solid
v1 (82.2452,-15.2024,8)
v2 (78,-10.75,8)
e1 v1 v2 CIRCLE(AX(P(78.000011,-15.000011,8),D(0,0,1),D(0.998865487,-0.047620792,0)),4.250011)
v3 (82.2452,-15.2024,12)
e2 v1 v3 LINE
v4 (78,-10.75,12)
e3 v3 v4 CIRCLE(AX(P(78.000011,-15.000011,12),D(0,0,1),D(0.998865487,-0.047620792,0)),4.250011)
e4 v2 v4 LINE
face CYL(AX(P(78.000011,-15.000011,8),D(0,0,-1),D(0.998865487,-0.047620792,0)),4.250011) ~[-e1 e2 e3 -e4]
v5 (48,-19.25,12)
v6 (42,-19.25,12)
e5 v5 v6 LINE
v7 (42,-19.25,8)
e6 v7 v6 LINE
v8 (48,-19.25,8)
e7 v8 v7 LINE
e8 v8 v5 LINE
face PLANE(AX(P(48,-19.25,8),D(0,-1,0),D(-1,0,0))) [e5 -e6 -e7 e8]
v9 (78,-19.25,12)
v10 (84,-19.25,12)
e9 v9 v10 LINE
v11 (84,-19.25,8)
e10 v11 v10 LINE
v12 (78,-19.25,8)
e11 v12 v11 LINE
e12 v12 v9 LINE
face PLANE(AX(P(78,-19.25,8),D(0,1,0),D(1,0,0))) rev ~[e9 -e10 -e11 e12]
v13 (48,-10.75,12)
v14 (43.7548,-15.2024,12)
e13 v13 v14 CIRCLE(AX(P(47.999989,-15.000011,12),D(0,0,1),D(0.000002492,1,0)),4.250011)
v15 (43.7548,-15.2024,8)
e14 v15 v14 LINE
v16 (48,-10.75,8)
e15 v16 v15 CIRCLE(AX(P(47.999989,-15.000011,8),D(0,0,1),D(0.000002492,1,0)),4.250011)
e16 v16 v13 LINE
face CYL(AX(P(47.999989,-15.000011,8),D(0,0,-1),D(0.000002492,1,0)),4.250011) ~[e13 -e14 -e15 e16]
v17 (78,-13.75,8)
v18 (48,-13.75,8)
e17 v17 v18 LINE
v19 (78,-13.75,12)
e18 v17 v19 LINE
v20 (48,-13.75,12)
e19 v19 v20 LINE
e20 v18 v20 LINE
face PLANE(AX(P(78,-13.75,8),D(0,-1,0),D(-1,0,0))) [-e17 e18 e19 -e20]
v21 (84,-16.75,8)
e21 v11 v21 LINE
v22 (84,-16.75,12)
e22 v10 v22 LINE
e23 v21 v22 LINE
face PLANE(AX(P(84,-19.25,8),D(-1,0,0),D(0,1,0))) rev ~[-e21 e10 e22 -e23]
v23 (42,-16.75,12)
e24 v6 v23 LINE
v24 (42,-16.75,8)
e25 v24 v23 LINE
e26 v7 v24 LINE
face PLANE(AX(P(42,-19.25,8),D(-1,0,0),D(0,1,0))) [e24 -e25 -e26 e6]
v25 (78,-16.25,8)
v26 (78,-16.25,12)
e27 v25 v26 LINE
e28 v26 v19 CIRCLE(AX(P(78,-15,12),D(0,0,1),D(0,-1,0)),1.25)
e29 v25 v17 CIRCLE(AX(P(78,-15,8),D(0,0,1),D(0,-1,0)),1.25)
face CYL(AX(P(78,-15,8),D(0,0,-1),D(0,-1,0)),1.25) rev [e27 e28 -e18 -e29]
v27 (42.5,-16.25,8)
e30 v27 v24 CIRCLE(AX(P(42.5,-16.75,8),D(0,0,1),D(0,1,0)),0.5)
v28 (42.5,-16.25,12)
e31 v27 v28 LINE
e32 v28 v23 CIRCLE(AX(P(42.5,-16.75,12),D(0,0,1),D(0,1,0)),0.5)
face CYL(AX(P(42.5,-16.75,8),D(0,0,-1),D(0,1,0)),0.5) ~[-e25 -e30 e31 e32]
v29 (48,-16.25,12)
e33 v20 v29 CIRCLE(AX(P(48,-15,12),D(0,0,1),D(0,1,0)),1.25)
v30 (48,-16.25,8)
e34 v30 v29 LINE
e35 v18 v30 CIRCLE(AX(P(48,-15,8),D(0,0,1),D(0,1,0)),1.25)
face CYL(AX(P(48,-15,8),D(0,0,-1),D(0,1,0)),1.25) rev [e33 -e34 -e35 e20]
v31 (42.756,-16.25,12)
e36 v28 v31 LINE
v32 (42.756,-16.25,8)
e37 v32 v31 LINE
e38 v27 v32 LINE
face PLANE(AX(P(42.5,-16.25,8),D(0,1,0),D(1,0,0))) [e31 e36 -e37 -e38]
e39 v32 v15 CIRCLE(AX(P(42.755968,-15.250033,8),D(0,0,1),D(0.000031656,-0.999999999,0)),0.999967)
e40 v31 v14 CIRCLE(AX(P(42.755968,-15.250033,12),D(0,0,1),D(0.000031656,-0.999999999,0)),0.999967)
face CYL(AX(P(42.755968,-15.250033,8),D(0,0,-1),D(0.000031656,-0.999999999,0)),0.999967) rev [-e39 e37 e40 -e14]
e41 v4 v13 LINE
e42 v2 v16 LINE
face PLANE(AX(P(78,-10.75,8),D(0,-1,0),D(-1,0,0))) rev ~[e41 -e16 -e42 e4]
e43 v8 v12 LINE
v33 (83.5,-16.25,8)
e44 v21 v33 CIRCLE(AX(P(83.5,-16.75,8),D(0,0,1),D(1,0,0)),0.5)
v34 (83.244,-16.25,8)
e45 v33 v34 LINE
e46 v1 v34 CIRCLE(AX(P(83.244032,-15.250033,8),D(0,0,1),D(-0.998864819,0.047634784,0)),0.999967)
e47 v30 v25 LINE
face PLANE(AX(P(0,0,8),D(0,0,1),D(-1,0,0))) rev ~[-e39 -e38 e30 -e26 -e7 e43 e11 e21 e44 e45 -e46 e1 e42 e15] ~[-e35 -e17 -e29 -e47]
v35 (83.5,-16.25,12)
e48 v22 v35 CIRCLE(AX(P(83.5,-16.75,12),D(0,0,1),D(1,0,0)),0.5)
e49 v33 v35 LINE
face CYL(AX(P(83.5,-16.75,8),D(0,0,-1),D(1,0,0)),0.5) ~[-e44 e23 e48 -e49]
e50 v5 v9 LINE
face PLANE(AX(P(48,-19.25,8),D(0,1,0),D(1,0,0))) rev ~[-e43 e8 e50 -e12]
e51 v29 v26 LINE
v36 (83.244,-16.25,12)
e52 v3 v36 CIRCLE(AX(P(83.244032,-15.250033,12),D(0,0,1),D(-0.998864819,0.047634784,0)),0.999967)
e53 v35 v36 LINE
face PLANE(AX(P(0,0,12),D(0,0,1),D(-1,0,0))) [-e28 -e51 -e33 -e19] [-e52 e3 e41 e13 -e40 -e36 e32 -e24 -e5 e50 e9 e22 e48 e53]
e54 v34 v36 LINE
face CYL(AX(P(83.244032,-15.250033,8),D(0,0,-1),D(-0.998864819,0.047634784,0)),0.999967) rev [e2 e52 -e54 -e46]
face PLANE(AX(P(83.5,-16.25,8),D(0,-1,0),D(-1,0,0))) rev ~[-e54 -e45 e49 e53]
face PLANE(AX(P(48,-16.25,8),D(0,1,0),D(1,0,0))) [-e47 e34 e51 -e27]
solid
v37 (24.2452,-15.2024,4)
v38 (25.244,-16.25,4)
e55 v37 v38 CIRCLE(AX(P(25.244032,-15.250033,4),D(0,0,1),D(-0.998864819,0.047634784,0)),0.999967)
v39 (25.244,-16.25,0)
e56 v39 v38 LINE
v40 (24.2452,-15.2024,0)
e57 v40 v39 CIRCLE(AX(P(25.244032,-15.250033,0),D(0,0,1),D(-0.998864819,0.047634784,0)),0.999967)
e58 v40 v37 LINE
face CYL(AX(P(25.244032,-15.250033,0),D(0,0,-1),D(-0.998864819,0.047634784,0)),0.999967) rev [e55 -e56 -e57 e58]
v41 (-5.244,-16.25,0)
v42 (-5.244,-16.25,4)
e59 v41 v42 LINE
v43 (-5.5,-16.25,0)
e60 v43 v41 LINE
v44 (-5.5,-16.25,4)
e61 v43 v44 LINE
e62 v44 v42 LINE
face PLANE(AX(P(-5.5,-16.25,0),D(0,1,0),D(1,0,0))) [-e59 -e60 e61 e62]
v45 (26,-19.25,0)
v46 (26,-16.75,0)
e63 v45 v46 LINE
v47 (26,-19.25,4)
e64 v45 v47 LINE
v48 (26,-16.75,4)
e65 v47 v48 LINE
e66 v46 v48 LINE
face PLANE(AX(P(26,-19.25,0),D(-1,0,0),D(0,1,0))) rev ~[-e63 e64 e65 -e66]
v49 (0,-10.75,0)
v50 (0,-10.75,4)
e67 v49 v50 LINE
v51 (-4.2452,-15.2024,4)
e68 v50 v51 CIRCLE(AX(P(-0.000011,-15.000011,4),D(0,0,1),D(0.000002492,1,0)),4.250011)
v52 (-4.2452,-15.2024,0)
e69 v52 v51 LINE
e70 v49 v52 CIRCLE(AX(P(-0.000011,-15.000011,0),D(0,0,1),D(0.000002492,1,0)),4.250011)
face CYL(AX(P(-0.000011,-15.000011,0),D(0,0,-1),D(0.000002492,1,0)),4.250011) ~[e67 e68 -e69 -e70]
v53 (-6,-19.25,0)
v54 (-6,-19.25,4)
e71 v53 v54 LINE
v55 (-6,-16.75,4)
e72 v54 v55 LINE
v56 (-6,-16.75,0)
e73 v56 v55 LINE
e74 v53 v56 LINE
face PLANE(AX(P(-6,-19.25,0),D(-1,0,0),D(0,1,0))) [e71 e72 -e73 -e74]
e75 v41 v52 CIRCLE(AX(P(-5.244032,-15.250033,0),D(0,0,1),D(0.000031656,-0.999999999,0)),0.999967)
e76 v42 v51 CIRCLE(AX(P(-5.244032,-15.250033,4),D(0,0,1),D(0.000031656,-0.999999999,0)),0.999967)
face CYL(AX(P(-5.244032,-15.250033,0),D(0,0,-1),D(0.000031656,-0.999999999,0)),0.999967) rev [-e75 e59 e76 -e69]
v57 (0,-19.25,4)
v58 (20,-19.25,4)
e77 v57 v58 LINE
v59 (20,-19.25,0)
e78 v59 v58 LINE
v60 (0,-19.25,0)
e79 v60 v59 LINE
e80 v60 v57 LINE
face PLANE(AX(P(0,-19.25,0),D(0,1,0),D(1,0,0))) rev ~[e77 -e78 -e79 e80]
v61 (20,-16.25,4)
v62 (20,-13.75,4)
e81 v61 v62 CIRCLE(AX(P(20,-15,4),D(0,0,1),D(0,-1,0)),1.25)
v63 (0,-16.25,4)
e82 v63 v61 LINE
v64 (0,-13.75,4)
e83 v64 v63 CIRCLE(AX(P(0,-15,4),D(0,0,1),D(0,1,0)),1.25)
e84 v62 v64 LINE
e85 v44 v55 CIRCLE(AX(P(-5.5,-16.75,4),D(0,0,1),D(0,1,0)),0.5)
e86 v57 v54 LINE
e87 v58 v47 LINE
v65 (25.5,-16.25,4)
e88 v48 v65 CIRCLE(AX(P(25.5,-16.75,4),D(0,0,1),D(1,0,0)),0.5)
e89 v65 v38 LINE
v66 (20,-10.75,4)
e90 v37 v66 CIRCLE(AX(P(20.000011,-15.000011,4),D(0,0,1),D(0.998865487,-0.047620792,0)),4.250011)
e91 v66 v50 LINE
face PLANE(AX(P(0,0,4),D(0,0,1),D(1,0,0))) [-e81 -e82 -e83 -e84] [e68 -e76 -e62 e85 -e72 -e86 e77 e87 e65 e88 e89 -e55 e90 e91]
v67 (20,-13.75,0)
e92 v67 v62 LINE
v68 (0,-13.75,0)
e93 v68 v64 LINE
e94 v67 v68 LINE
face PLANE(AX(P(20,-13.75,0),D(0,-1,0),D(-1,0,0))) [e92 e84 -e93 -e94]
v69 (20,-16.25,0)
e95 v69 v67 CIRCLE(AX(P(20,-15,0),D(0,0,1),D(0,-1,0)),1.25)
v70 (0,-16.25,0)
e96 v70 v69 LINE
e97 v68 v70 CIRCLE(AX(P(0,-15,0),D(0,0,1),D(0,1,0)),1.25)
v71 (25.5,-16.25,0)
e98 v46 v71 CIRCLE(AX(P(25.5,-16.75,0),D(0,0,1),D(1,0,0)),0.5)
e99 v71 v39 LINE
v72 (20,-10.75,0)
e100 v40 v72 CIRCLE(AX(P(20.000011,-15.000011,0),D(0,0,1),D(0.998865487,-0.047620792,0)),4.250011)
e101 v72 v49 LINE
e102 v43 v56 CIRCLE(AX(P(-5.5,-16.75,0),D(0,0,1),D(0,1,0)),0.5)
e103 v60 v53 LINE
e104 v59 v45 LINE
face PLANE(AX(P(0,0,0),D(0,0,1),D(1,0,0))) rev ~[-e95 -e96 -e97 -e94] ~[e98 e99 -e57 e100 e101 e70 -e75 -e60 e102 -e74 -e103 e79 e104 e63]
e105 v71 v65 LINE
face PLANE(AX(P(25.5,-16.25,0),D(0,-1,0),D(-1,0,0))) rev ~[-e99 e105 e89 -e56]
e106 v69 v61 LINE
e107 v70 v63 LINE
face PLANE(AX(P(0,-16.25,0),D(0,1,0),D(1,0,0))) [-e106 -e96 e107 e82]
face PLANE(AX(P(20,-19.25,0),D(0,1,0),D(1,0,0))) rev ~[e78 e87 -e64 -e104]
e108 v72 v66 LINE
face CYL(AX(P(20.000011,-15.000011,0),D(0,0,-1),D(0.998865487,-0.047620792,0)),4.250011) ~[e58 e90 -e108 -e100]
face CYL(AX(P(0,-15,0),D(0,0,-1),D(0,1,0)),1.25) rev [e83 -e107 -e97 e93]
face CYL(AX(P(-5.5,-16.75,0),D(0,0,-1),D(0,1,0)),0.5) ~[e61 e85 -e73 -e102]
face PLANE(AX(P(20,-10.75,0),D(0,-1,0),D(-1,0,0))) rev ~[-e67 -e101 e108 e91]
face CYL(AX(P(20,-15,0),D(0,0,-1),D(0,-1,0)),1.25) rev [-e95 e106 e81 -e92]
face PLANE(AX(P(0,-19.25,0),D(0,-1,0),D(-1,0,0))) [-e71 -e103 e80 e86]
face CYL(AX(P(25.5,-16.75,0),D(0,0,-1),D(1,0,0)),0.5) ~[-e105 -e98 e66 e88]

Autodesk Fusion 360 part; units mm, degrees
sketch "Sketch1" plane through (0, 0, 0) normal (0, 0, 1) x (1, 0, 0)
sketch "Sketch2" plane through (0, 0, 4) normal (0, 0, 1) x (-1, 0, 0)
  line L0 (-20, 1.25) -> (0, 1.25)
  arc A0 (0, -1.25) -> (0, 1.25) centre (0, 0) ccw
  line L1 (0, -1.25) -> (-20, -1.25)
  arc A1 (-20, 1.25) -> (-20, -1.25) centre (-20, 0) ccw
  line L2 (6, 4.25) -> (-26, 4.25)
  line L3 (-26, 4.25) -> (-26, 2.25)
  arc A2 (-26, 2.25) -> (-25, 1.25) centre (-25, 2.25) ccw
  line L4 (-25, 1.25) -> (-25.244, 1.25)
  arc A3 (-24.2452, 0.2024) -> (-25.244, 1.25) centre (-25.244, 0.25) ccw
  arc A4 (-24.2452, 0.2024) -> (-20, -4.25) centre (-20, 0) ccw
  line L5 (-20, -4.25) -> (0, -4.25)
  arc A5 (0, -4.25) -> (4.244, 0.2261) centre (0, 0) ccw
  arc A6 (5.2426, 1.2793) -> (4.244, 0.2261) centre (5.2426, 0.2793) ccw
  line L6 (5.2426, 1.2793) -> (5, 1.2793)
  arc A7 (5, 1.2793) -> (6, 2.2793) centre (5, 2.2793) ccw
  line L7 (6, 2.2793) -> (6, 4.25)
  line L8 (-75, -1.25) -> (-45, -1.25)
  arc A8 (-45, -1.25) -> (-45, 1.25) centre (-45, 0) ccw
  line L9 (-45, 1.25) -> (-75, 1.25)
  arc A9 (-75, 1.25) -> (-75, -1.25) centre (-75, 0) ccw
  line L10 (-75, 0) -> (-45, 0) construction
  line L11 (-45, 4.25) -> (-75, 4.25)
  arc A10 (-79.2452, 0.2024) -> (-75, -4.25) centre (-75, 0) ccw
  line L12 (-75, -4.25) -> (-45, -4.25)
  arc A11 (-45, -4.25) -> (-40.7548, 0.2024) centre (-45, 0) ccw
  line L13 (-75, 4.25) -> (-81, 4.25)
  line L14 (-81, 4.25) -> (-81, 2.25)
  line L15 (-80, 1.25) -> (-80.244, 1.25)
  line L16 (-45, 4.25) -> (-39, 4.25)
  line L17 (-39, 4.25) -> (-39, 2.25)
  line L18 (-40, 1.25) -> (-39.756, 1.25)
  arc A12 (-39.756, 1.25) -> (-40.7548, 0.2024) centre (-39.756, 0.25) ccw
  arc A13 (-40, 1.25) -> (-39, 2.25) centre (-40, 2.25) ccw
  arc A14 (-81, 2.25) -> (-80, 1.25) centre (-80, 2.25) ccw
  arc A15 (-79.2452, 0.2024) -> (-80.244, 1.25) centre (-80.244, 0.25) ccw
  dimension "d24" = 2.5
  dimension "d26" = 6
  dimension "d28" = 6
  dimension "d30" = 1
  dimension "d31" = 1
  dimension "d32" = 1
  dimension "d33" = 1
sketch "Sketch3" plane through (0, 0, 8) normal (0, 0, 1) x (-1, 0, 0)
  arc A0 (-75, 1.25) -> (-75, -1.25) centre (-75, 0) ccw
  line L0 (-75, 1.25) -> (-45, 1.25)
  arc A1 (-45, -1.25) -> (-45, 1.25) centre (-45, 0) ccw
  line L1 (-45, -1.25) -> (-75, -1.25)
  line L2 (-75, -4.25) -> (-45, -4.25)
  arc A2 (-45, -4.25) -> (-40.7548, 0.2024) centre (-45, 0) ccw
  arc A3 (-39.756, 1.25) -> (-40.7548, 0.2024) centre (-39.756, 0.25) ccw
  line L3 (-39.756, 1.25) -> (-40, 1.25)
  arc A4 (-40, 1.25) -> (-39, 2.25) centre (-40, 2.25) ccw
  line L4 (-39, 2.25) -> (-39, 4.25)
  line L5 (-39, 4.25) -> (-81, 4.25)
  line L6 (-81, 4.25) -> (-81, 2.25)
  arc A5 (-81, 2.25) -> (-80, 1.25) centre (-80, 2.25) ccw
  line L7 (-80, 1.25) -> (-80.244, 1.25)
  arc A6 (-79.2452, 0.2024) -> (-80.244, 1.25) centre (-80.244, 0.25) ccw
  arc A7 (-79.2452, 0.2024) -> (-75, -4.25) centre (-75, 0) ccw
  line L8 (-78, 13.75) -> (-48, 13.75)
  arc A8 (-48, 13.75) -> (-48, 16.25) centre (-48, 15) ccw
  line L9 (-48, 16.25) -> (-78, 16.25)
  arc A9 (-78, 16.25) -> (-78, 13.75) centre (-78, 15) ccw
  line L10 (-78, 15) -> (-48, 15) construction
  line L11 (-48, 19.25) -> (-78, 19.25)
  arc A10 (-82.2452, 15.2024) -> (-78, 10.75) centre (-78, 15) ccw
  line L12 (-78, 10.75) -> (-48, 10.75)
  arc A11 (-48, 10.75) -> (-43.7548, 15.2024) centre (-48, 15) ccw
  line L13 (-48, 19.25) -> (-42, 19.25)
  line L14 (-42, 19.25) -> (-42, 16.75)
  line L15 (-42.5, 16.25) -> (-42.756, 16.25)
  line L16 (-78, 19.25) -> (-84, 19.25)
  line L17 (-84, 19.25) -> (-84, 16.75)
  line L18 (-83.5, 16.25) -> (-83.244, 16.25)
  arc A12 (-42.756, 16.25) -> (-43.7548, 15.2024) centre (-42.756, 15.25) ccw
  arc A13 (-42.5, 16.25) -> (-42, 16.75) centre (-42.5, 16.75) ccw
  arc A14 (-82.2452, 15.2024) -> (-83.244, 16.25) centre (-83.244, 15.25) ccw
  arc A15 (-84, 16.75) -> (-83.5, 16.25) centre (-83.5, 16.75) ccw
  dimension "d36" = 2.5
  dimension "d38" = 6
  dimension "d40" = 6
  dimension "d42" = 1
  dimension "d43" = 0.5
  dimension "d44" = 1
  dimension "d45" = 0.5
extrude "Extrude3" add sketch "Sketch3" along normal blind 4 contours L11 A10 L12 A11 L13 L14 L15 L16 L17 L18 A12 A13 A14 A15 makes body 1
sketch "Sketch4" plane through (0, 0, 0) normal (0, 0, 1) x (1, 0, 0)
  line L0 (0, -16.25) -> (20, -16.25)
  arc A0 (20, -16.25) -> (20, -13.75) centre (20, -15) ccw
  line L1 (20, -13.75) -> (0, -13.75)
  arc A1 (0, -13.75) -> (0, -16.25) centre (0, -15) ccw
  line L2 (0, -15) -> (20, -15) construction
  line L3 (0, -19.25) -> (20, -19.25)
  arc A2 (24.2452, -15.2024) -> (20, -10.75) centre (20, -15) ccw
  line L4 (20, -10.75) -> (0, -10.75)
  arc A3 (0, -10.75) -> (-4.2452, -15.2024) centre (0, -15) ccw
  line L5 (0, -19.25) -> (-6, -19.25)
  line L6 (-6, -19.25) -> (-6, -16.75)
  line L7 (-5.5, -16.25) -> (-5.244, -16.25)
  line L8 (20, -19.25) -> (26, -19.25)
  line L9 (26, -19.25) -> (26, -16.75)
  line L10 (25.5, -16.25) -> (25.244, -16.25)
  arc A4 (24.2452, -15.2024) -> (25.244, -16.25) centre (25.244, -15.25) ccw
  arc A5 (-5.244, -16.25) -> (-4.2452, -15.2024) centre (-5.244, -15.25) ccw
  arc A6 (26, -16.75) -> (25.5, -16.25) centre (25.5, -16.75) ccw
  arc A7 (-5.5, -16.25) -> (-6, -16.75) centre (-5.5, -16.75) ccw
  dimension "d48" = 2.5
  dimension "d50" = 6
  dimension "d52" = 6
  dimension "d54" = 1
  dimension "d55" = 1
  dimension "d56" = 0.5
  dimension "d57" = 0.5
extrude "Extrude4" add sketch "Sketch4" along normal blind 4 separate body makes body 2
